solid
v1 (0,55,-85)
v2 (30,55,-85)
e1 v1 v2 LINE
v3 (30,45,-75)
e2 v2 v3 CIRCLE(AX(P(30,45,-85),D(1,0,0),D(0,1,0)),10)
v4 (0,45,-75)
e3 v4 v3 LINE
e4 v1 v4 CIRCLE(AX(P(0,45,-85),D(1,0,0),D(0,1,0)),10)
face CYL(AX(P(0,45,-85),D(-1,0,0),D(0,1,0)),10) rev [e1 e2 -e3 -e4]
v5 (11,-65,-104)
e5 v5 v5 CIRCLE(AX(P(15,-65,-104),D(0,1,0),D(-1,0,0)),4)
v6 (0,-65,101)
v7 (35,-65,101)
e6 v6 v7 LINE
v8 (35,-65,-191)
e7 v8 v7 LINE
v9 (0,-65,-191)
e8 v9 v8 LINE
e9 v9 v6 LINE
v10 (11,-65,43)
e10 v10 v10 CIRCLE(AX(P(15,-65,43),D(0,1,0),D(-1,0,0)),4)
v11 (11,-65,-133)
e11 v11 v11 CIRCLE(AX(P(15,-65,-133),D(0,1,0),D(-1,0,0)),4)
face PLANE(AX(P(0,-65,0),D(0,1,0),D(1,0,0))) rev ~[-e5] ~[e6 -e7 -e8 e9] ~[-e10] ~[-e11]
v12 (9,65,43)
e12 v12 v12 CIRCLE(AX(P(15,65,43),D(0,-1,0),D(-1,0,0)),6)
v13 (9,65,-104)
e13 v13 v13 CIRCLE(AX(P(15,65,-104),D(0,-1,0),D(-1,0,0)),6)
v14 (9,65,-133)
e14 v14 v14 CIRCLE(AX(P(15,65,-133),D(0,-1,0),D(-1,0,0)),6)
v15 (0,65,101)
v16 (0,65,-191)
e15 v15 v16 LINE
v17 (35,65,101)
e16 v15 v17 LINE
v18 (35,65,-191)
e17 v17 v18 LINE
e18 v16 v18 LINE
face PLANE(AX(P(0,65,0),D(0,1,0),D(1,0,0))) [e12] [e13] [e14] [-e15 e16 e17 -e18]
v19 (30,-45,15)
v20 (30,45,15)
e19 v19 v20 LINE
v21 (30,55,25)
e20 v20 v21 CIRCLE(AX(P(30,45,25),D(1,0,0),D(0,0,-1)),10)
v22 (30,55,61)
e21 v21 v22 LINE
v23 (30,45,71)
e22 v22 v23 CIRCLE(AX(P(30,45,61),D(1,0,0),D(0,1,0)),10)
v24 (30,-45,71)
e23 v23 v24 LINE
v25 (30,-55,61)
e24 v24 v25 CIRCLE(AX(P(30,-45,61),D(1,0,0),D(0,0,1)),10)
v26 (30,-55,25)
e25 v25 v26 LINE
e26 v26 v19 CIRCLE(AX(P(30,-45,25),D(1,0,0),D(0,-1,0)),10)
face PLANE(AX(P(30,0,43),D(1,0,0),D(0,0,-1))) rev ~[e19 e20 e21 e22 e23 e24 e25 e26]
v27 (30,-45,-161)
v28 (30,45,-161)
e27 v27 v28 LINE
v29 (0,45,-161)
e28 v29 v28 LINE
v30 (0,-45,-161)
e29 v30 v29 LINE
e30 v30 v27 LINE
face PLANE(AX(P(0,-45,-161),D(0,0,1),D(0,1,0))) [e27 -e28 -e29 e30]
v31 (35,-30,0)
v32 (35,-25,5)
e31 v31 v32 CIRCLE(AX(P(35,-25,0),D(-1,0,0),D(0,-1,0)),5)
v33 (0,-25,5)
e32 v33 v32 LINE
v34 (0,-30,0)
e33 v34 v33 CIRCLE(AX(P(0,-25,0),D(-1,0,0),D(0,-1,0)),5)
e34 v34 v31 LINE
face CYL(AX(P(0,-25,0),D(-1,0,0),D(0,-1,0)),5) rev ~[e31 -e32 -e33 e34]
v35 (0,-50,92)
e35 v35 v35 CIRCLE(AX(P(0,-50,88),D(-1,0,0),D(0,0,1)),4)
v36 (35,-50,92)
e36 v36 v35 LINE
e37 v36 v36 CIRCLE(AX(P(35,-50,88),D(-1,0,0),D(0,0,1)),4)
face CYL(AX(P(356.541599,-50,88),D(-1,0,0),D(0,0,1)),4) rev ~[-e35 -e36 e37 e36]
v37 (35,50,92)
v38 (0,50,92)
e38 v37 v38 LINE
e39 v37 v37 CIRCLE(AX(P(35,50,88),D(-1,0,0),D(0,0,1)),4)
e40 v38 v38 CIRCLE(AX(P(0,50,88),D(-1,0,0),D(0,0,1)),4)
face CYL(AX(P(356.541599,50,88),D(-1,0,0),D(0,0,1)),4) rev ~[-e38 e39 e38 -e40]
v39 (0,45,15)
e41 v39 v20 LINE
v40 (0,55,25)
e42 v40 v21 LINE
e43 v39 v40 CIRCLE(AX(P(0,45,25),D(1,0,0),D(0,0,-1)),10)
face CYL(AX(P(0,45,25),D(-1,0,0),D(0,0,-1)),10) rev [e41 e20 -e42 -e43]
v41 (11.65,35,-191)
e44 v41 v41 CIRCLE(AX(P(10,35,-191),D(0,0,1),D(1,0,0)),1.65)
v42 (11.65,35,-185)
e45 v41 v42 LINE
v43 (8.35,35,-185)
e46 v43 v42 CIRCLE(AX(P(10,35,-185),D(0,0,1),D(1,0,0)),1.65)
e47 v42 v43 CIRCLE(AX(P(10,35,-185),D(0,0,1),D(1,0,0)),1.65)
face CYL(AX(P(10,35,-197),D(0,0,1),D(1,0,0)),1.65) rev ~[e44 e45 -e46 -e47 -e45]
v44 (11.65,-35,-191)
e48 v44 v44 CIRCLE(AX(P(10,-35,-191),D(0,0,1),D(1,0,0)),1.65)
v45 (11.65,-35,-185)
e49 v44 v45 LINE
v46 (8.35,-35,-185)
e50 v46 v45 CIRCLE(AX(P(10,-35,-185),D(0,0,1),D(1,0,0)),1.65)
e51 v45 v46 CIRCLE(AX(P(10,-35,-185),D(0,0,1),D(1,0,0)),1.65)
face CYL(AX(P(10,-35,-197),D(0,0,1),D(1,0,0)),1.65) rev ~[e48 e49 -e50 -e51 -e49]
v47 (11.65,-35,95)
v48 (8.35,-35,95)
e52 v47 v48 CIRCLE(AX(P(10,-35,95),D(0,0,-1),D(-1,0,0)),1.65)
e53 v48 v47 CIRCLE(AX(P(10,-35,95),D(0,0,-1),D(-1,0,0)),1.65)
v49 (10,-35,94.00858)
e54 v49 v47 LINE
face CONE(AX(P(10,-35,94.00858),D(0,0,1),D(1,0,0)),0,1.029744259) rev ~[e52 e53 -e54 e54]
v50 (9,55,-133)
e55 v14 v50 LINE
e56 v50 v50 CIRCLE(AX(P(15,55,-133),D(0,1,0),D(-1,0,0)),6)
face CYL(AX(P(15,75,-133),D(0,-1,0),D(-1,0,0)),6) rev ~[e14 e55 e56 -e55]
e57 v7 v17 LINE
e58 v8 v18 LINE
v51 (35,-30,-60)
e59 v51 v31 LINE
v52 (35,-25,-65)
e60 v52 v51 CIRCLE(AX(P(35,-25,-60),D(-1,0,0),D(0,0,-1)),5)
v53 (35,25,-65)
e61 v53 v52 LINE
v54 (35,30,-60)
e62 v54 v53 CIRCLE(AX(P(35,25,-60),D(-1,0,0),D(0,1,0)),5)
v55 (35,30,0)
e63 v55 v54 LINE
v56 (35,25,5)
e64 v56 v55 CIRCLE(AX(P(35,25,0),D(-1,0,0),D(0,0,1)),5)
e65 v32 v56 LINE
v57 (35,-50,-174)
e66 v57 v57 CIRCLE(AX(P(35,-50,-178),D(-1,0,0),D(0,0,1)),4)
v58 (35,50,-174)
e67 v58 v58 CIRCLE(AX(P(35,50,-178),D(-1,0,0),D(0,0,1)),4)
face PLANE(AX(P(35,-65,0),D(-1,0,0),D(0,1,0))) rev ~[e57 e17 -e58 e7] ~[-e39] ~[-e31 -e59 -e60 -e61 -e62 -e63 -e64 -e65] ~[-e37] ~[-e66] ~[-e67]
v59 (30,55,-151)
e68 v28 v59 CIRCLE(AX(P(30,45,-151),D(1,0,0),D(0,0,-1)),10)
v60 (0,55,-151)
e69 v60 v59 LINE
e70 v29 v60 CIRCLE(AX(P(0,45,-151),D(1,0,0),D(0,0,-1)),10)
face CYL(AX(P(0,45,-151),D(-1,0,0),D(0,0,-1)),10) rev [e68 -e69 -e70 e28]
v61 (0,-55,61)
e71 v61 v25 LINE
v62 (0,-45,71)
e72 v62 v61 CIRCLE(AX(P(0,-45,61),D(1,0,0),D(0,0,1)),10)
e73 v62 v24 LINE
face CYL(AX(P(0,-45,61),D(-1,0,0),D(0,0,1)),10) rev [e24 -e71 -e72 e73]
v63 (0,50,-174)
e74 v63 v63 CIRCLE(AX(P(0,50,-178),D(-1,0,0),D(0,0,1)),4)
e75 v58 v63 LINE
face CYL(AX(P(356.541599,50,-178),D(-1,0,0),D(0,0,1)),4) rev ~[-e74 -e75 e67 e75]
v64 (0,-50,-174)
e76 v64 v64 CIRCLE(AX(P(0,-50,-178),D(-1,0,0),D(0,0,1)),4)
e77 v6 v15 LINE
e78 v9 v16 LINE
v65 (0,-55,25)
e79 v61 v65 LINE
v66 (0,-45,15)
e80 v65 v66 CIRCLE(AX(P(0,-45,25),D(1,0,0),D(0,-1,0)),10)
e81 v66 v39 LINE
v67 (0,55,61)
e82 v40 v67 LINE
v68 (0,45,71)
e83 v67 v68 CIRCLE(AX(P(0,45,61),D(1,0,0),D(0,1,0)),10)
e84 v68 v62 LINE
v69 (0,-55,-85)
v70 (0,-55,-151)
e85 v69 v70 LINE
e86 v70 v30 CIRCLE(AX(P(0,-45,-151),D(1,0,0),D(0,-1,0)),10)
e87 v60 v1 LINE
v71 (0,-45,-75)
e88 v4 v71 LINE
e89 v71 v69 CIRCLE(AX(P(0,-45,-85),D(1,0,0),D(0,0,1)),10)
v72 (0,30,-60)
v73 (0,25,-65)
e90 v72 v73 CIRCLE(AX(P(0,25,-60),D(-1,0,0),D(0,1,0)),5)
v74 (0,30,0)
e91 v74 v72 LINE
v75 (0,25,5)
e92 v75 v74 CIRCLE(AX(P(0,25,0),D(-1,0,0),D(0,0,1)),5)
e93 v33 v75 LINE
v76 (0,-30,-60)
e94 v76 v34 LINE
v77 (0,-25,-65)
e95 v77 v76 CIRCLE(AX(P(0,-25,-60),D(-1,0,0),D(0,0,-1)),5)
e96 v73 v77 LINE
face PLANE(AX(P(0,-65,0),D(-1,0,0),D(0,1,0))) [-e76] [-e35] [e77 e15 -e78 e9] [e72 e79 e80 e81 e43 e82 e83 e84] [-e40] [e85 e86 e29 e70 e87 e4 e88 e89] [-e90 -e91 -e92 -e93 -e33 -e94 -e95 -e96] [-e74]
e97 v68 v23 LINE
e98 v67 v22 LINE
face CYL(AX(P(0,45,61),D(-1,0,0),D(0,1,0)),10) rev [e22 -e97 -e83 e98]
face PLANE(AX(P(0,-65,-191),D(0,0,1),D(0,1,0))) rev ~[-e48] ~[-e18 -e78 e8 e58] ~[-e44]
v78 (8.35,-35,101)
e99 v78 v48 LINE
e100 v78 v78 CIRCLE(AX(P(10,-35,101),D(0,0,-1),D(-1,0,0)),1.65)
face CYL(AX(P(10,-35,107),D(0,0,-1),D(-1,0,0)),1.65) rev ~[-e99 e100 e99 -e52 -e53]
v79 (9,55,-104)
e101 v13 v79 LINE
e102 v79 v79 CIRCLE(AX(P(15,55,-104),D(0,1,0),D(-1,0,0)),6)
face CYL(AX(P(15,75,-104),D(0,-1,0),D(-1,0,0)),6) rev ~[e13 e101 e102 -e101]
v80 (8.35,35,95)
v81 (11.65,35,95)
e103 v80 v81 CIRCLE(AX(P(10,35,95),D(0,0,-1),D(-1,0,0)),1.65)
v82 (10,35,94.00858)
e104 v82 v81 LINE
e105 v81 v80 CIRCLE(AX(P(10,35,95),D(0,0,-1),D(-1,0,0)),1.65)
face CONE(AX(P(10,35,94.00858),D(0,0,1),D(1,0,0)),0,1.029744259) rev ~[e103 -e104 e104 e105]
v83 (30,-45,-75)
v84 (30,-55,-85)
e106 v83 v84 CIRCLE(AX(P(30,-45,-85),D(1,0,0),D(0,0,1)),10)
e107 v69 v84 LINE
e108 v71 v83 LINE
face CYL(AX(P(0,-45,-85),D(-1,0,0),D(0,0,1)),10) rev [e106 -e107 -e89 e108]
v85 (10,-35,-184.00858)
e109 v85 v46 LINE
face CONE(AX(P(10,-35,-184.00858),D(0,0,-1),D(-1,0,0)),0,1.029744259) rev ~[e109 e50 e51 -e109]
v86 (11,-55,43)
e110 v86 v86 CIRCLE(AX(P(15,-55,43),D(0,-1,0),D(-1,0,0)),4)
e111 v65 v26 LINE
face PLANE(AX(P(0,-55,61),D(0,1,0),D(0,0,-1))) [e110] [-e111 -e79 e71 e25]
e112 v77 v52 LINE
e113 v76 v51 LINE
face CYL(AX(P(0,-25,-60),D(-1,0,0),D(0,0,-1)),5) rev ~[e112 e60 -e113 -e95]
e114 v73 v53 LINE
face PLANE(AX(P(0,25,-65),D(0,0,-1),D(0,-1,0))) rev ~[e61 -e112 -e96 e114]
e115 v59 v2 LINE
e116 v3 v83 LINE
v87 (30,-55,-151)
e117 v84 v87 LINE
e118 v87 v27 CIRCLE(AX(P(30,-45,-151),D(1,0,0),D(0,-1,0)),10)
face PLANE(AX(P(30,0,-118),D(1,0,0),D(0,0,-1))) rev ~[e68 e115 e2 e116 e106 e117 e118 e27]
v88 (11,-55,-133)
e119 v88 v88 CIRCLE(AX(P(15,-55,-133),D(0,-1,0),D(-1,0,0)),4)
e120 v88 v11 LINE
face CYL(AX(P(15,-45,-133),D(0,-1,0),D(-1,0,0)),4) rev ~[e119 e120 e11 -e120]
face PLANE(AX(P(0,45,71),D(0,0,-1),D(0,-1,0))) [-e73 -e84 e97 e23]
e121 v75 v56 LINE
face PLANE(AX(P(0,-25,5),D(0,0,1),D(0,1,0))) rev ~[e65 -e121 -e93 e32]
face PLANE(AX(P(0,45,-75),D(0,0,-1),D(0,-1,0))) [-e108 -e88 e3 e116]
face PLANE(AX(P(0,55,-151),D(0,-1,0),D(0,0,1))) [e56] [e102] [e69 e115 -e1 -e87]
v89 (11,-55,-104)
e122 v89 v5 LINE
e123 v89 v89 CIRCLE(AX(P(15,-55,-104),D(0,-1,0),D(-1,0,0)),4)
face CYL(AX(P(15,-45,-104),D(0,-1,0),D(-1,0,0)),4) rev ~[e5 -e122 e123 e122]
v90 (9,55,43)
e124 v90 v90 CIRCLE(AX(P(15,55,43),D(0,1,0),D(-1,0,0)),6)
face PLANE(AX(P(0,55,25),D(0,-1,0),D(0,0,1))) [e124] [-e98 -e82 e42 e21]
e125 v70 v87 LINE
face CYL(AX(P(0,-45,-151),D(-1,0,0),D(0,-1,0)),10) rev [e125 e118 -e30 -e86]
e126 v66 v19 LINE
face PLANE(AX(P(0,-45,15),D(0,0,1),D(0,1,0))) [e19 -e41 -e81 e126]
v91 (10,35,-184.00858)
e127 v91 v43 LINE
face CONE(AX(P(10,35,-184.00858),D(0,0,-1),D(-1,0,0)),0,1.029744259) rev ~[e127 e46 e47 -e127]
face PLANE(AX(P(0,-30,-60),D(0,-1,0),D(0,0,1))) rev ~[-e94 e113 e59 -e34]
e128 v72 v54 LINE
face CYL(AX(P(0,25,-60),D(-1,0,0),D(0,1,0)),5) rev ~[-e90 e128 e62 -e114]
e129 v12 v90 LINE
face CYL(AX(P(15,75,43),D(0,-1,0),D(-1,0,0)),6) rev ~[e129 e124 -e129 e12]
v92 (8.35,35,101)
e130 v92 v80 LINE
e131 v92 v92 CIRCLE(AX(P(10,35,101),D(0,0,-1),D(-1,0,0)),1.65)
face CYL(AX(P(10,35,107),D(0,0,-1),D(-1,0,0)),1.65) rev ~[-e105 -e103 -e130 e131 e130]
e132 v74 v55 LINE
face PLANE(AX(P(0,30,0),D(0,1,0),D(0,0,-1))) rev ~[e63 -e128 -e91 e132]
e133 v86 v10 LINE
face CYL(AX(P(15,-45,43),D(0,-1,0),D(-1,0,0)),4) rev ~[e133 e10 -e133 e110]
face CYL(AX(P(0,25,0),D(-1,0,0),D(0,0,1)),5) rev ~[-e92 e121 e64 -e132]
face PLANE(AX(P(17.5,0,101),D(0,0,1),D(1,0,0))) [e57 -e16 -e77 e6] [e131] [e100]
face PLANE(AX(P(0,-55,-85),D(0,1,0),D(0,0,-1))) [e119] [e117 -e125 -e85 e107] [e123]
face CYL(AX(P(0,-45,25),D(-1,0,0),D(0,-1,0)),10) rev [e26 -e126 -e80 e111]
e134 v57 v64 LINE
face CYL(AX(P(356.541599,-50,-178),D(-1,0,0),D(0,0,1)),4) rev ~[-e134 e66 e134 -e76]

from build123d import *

# Parameters (mm, degrees)
SKETCH2_W                   = 191
SKETCH2_H                   = 130
BOSS_EXTRUDE1_DEPTH         = 35
SKETCH10_W                  = 35
SKETCH10_H                  = 130
BOSS_EXTRUDE2_DEPTH         = 101
TAP_DRILL_FOR_M4_TAP2_D     = 3.3
TAP_DRILL_FOR_M4_TAP2_DEPTH = 6
TAP_DRILL_FOR_M4_TAP2_TIP   = 0.991420021
TAP_DRILL_FOR_M4_TAP3_D     = 3.3
TAP_DRILL_FOR_M4_TAP3_DEPTH = 6
TAP_DRILL_FOR_M4_TAP3_TIP   = 0.991420021
CUT_EXTRUDE1_DEPTH          = 205.770603359
F_8_0MM_DOWEL_HOLE1_D       = 8
CUT_EXTRUDE3_DEPTH          = 30
F_8_0MM_DOWEL_HOLE2_D       = 8
F_8_0MM_DOWEL_HOLE2_DEPTH   = 10
F_8_0MM_DOWEL_HOLE2_TIP     = 2.403442476
F_12_0MM_DOWEL_HOLE1_D      = 12
F_12_0MM_DOWEL_HOLE1_DEPTH  = 10
F_12_0MM_DOWEL_HOLE1_TIP    = 3.605163714


with BuildPart() as part:
    # Sketch2 → Boss-Extrude1 (new body)
    with BuildSketch(Plane(origin=(0, 0, 0), x_dir=(0, 0, -1), z_dir=(1, 0, 0))):
        with Locations((95.5, 0)):
            Rectangle(SKETCH2_W, SKETCH2_H)
    extrude(amount=BOSS_EXTRUDE1_DEPTH)

    # Sketch10 → Boss-Extrude2 (add)
    with BuildSketch(Plane.XY):
        with Locations((17.5, 0)):
            Rectangle(SKETCH10_W, SKETCH10_H)
    extrude(amount=BOSS_EXTRUDE2_DEPTH)

    # Tap Drill for M4 Tap2
    with Locations(Plane(origin=(0, 0, -191), x_dir=(-1, 0, 0), z_dir=(0, 0, -1))):
        with Locations((-40, 35), (-10, 35), (-10, -35), (-40, -35)):
            Hole(TAP_DRILL_FOR_M4_TAP2_D / 2, depth=TAP_DRILL_FOR_M4_TAP2_DEPTH)
            with Locations((0, 0, -(TAP_DRILL_FOR_M4_TAP2_DEPTH + TAP_DRILL_FOR_M4_TAP2_TIP / 2))):  # 118° drill point
                Cone(0, TAP_DRILL_FOR_M4_TAP2_D / 2, TAP_DRILL_FOR_M4_TAP2_TIP, mode=Mode.SUBTRACT)

    # Tap Drill for M4 Tap3
    with Locations(Plane.XY.offset(101)):
        with Locations((10, 35), (40, 35), (40, -35), (10, -35)):
            Hole(TAP_DRILL_FOR_M4_TAP3_D / 2, depth=TAP_DRILL_FOR_M4_TAP3_DEPTH)
            with Locations((0, 0, -(TAP_DRILL_FOR_M4_TAP3_DEPTH + TAP_DRILL_FOR_M4_TAP3_TIP / 2))):  # 118° drill point
                Cone(0, TAP_DRILL_FOR_M4_TAP3_D / 2, TAP_DRILL_FOR_M4_TAP3_TIP, mode=Mode.SUBTRACT)

    # Sketch23 → Cut-Extrude1 (cut, through all)
    with BuildSketch(Plane.ZY):
        with BuildLine():
            Line((-65, 25), (-65, -25))
            ThreePointArc((-65, -25), (-63.535533906, -28.535533906), (-60, -30))
            Line((-60, -30), (0, -30))
            ThreePointArc((0, -30), (3.535533906, -28.535533906), (5, -25))
            Line((5, -25), (5, 25))
            ThreePointArc((5, 25), (3.535533906, 28.535533906), (0, 30))
            Line((0, 30), (-60, 30))
            ThreePointArc((-60, 30), (-63.535533906, 28.535533906), (-65, 25))
        make_face()
    extrude(amount=-CUT_EXTRUDE1_DEPTH, mode=Mode.SUBTRACT)

    # Ø8.0mm Dowel Hole1 (through all)
    with Locations(Plane(origin=(35, 0, 0), x_dir=(0, 0, -1), z_dir=(1, 0, 0))):
        with Locations((-88, 50), (-88, -50), (178, -50), (178, 50)):
            Hole(F_8_0MM_DOWEL_HOLE1_D / 2)

    # Sketch35 → Cut-Extrude3 (cut)
    with BuildSketch(Plane.ZY):
        with BuildLine():
            Line((-151, 55), (-85, 55))
            ThreePointArc((-85, 55), (-77.928932188, 52.071067812), (-75, 45))
            Line((-75, 45), (-75, -45))
            ThreePointArc((-75, -45), (-77.928932188, -52.071067812), (-85, -55))
            Line((-85, -55), (-151, -55))
            ThreePointArc((-151, -55), (-158.071067812, -52.071067812), (-161, -45))
            Line((-161, -45), (-161, 45))
            ThreePointArc((-161, 45), (-158.071067812, 52.071067812), (-151, 55))
        make_face()
        with BuildLine():
            Line((25, 55), (61, 55))
            ThreePointArc((61, 55), (68.071067812, 52.071067812), (71, 45))
            Line((71, 45), (71, -45))
            ThreePointArc((71, -45), (68.071067812, -52.071067812), (61, -55))
            Line((61, -55), (25, -55))
            ThreePointArc((25, -55), (17.928932188, -52.071067812), (15, -45))
            Line((15, -45), (15, 45))
            ThreePointArc((15, 45), (17.928932188, 52.071067812), (25, 55))
        make_face()
    extrude(amount=-CUT_EXTRUDE3_DEPTH, mode=Mode.SUBTRACT)

    # Ø8.0mm Dowel Hole2
    with Locations(Plane(origin=(0, -55, 0), x_dir=(1, 0, 0), z_dir=(0, 1, 0))):
        with Locations((15, 133), (15, 104), (15, -43)):
            Hole(F_8_0MM_DOWEL_HOLE2_D / 2, depth=F_8_0MM_DOWEL_HOLE2_DEPTH)
            with Locations((0, 0, -(F_8_0MM_DOWEL_HOLE2_DEPTH + F_8_0MM_DOWEL_HOLE2_TIP / 2))):  # 118° drill point
                Cone(0, F_8_0MM_DOWEL_HOLE2_D / 2, F_8_0MM_DOWEL_HOLE2_TIP, mode=Mode.SUBTRACT)

    # Ø12.0mm Dowel Hole1
    with Locations(Plane(origin=(0, 65, 0), x_dir=(1, 0, 0), z_dir=(0, 1, 0))):
        with Locations((15, 133), (15, 104), (15, -43)):
            Hole(F_12_0MM_DOWEL_HOLE1_D / 2, depth=F_12_0MM_DOWEL_HOLE1_DEPTH)
            with Locations((0, 0, -(F_12_0MM_DOWEL_HOLE1_DEPTH + F_12_0MM_DOWEL_HOLE1_TIP / 2))):  # 118° drill point
                Cone(0, F_12_0MM_DOWEL_HOLE1_D / 2, F_12_0MM_DOWEL_HOLE1_TIP, mode=Mode.SUBTRACT)


solid = part.part
